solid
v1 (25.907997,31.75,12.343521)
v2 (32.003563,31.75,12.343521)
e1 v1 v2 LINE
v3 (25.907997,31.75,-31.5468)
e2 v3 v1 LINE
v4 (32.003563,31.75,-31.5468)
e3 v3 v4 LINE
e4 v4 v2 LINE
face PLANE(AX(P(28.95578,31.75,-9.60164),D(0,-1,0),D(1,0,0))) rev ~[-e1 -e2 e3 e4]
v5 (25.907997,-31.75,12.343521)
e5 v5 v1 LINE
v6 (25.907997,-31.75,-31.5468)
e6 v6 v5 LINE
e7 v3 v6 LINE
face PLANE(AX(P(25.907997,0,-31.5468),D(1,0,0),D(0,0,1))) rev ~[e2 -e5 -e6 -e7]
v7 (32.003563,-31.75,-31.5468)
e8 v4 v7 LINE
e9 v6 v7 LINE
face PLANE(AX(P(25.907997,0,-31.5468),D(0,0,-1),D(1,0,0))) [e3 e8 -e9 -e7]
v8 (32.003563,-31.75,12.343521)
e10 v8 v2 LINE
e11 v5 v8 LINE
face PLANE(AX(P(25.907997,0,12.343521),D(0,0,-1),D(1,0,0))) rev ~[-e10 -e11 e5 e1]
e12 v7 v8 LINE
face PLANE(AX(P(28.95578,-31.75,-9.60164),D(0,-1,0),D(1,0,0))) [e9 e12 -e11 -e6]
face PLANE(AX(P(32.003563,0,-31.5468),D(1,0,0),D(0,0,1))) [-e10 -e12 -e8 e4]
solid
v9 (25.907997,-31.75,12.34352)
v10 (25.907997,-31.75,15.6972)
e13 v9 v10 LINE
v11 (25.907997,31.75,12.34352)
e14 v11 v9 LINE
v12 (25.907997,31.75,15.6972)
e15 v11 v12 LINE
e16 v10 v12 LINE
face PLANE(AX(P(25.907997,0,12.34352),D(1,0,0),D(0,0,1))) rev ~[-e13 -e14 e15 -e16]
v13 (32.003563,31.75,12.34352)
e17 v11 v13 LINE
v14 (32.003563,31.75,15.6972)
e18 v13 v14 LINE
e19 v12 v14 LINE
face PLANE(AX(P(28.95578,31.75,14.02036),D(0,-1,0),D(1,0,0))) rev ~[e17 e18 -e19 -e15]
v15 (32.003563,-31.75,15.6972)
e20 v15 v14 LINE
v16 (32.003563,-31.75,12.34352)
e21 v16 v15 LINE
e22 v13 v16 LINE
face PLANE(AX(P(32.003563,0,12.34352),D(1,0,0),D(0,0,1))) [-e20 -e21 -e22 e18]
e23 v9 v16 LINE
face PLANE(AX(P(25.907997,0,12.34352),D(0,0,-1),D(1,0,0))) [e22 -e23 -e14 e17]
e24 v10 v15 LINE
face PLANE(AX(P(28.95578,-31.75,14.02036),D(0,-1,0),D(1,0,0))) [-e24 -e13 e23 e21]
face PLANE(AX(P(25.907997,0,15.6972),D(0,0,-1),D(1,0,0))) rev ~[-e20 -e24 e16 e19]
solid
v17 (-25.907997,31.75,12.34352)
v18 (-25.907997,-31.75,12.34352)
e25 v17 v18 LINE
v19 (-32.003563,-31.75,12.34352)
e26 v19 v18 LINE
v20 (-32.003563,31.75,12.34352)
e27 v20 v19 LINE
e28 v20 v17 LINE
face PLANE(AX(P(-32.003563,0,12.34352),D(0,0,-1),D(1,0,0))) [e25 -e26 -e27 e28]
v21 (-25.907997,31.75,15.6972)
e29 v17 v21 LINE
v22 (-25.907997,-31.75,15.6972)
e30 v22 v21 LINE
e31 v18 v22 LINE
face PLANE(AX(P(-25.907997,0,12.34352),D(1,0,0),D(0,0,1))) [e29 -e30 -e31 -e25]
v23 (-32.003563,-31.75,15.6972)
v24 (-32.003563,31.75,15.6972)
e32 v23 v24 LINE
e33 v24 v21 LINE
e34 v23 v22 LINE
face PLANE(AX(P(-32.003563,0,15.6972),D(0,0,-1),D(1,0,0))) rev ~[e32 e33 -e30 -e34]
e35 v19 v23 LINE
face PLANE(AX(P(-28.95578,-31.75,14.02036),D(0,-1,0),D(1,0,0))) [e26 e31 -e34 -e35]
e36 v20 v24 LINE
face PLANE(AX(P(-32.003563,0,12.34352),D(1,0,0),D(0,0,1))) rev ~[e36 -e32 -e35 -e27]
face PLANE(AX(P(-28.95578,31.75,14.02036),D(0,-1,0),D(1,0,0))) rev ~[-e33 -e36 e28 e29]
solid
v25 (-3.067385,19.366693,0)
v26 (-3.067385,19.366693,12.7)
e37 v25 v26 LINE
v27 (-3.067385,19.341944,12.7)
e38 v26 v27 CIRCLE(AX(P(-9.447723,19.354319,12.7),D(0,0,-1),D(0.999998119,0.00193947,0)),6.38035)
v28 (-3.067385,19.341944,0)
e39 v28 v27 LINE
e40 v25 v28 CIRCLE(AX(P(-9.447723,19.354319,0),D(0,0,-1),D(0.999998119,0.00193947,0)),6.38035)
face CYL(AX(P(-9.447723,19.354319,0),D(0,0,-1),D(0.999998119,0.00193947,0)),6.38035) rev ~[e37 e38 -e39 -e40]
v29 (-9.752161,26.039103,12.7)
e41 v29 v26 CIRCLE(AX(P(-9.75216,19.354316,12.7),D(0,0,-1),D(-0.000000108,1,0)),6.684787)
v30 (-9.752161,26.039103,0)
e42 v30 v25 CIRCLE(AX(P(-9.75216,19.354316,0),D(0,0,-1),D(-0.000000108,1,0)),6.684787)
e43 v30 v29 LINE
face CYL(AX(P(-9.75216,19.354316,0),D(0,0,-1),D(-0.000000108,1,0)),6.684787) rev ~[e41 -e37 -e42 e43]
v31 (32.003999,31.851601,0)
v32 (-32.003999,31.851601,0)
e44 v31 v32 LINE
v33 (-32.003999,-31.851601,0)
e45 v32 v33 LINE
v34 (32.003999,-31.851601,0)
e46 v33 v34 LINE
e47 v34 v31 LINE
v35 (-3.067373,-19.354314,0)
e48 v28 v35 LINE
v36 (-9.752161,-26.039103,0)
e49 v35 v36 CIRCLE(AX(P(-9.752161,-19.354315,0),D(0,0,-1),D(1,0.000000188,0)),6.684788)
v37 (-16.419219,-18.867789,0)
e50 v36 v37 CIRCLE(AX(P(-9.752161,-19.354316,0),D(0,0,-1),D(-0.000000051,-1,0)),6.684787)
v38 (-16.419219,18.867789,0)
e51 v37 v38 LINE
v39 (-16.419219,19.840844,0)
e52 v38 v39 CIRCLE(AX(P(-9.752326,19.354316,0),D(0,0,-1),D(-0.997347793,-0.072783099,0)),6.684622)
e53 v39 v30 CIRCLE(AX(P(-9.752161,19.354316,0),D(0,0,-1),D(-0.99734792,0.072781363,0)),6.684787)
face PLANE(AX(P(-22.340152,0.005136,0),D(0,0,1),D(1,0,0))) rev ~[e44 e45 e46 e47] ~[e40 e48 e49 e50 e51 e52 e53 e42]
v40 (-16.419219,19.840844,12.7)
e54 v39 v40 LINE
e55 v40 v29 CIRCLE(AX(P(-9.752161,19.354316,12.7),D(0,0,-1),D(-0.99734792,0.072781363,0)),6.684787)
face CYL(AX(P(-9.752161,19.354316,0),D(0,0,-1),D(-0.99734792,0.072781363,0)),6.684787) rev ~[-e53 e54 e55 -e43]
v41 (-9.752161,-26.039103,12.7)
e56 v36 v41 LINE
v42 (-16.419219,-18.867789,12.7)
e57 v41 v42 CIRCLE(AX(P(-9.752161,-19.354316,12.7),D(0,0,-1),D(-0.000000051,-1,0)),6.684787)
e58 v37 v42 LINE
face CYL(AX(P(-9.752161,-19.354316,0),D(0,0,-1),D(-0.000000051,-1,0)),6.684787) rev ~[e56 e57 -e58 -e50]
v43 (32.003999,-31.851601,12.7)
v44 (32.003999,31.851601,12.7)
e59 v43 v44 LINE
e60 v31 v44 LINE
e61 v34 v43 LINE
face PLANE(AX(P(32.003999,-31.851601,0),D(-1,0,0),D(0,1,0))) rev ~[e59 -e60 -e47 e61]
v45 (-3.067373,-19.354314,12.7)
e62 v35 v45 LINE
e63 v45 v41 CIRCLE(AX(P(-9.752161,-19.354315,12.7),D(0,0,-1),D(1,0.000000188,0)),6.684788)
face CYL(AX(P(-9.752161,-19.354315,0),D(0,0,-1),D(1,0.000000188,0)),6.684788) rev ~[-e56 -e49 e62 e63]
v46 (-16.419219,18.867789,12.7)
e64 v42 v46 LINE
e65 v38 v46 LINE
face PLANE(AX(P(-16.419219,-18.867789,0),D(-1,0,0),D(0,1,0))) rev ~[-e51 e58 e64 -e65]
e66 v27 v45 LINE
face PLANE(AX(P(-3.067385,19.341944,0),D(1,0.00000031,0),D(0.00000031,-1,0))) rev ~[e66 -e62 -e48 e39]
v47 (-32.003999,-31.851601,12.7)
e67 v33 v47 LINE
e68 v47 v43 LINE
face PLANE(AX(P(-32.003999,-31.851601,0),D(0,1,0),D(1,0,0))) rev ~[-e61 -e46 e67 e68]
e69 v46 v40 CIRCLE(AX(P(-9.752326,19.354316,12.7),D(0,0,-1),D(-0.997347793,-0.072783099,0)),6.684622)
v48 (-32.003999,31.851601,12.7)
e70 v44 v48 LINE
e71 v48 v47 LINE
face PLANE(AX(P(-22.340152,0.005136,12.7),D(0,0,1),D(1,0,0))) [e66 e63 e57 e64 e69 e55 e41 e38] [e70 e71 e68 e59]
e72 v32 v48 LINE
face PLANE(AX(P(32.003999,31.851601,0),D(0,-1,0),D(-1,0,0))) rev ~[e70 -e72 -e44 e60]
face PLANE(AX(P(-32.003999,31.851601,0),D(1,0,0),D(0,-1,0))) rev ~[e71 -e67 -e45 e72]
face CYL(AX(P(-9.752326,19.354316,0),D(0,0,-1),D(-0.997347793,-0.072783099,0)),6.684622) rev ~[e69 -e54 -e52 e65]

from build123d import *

# Parameters (mm, degrees)
F1_DEPTH      = 12.7
F2_W          = 6.095566
F2_H          = 3.35368
F3_DEPTH      = 31.75
F3_DEPTH_BACK = 31.75
F4_DEPTH      = 31.75
F4_DEPTH_BACK = 31.75
F2_H_2        = 43.890321
F5_DEPTH      = 31.75
F5_DEPTH_BACK = 31.75


with BuildPart() as f1:
    # F0 (on Top) → F1 (new body)
    with BuildSketch(Plane.XY):
        with BuildLine():
            Line((-9.752161, 31.851601), (-32.003999, 31.851601))
            Line((-32.003999, 31.851601), (-32.003999, -31.851601))
            Line((-32.003999, -31.851601), (-9.752161, -31.851601))
            Line((-9.752161, -31.851601), (-9.752161, -26.039103))
            ThreePointArc((-9.752161, -26.039103), (-14.648011, -23.905912), (-16.419219, -18.867789))
            Line((-16.419219, -18.867789), (-16.419219, 18.867789))
            ThreePointArc((-16.419219, 18.867789), (-16.436948, 19.354316), (-16.419219, 19.840844))
            ThreePointArc((-16.419219, 19.840844), (-14.303756, 24.250167), (-9.752161, 26.039103))
            Line((-9.752161, 26.039103), (-9.752161, 31.851601))
        make_face()
        with BuildLine():
            Line((32.003999, 31.851601), (-9.752161, 31.851601))
            Line((-9.752161, 31.851601), (-9.752161, 26.039103))
            ThreePointArc((-9.752161, 26.039103), (-5.02968, 24.085548), (-3.067385, 19.366693))
            ThreePointArc((-3.067385, 19.366693), (-3.067373, 19.354318), (-3.067385, 19.341944))
            Line((-3.067385, 19.341944), (-3.067373, -19.354314))
            ThreePointArc((-3.067373, -19.354314), (-5.025302, -24.081174), (-9.752161, -26.039103))
            Line((-9.752161, -26.039103), (-9.752161, -31.851601))
            Line((-9.752161, -31.851601), (32.003999, -31.851601))
            Line((32.003999, -31.851601), (32.003999, 31.851601))
        make_face()
    extrude(amount=F1_DEPTH)


with BuildPart() as f3:
    # F2 (on Front) → F3 (new body, two sides)
    with BuildSketch(Plane.XZ) as f3_sk:
        with Locations((28.95578, 14.02036)):
            Rectangle(F2_W, F2_H)
    extrude(amount=F3_DEPTH)
    extrude(f3_sk.sketch, amount=-F3_DEPTH_BACK)


with BuildPart() as f4:
    # F2 (on Front) → F4 (new body, two sides)
    with BuildSketch(Plane.XZ) as f4_sk:
        with Locations((-28.95578, 14.02036)):
            Rectangle(F2_W, F2_H)
    extrude(amount=F4_DEPTH)
    extrude(f4_sk.sketch, amount=-F4_DEPTH_BACK)


with BuildPart() as f5:
    # F2 (on Front) → F5 (new body, two sides)
    with BuildSketch(Plane.XZ) as f5_sk:
        with Locations((28.95578, -9.60164)):
            Rectangle(F2_W, F2_H_2)
    extrude(amount=F5_DEPTH)
    extrude(f5_sk.sketch, amount=-F5_DEPTH_BACK)


solid = Compound([f1.part, f3.part, f4.part, f5.part])
